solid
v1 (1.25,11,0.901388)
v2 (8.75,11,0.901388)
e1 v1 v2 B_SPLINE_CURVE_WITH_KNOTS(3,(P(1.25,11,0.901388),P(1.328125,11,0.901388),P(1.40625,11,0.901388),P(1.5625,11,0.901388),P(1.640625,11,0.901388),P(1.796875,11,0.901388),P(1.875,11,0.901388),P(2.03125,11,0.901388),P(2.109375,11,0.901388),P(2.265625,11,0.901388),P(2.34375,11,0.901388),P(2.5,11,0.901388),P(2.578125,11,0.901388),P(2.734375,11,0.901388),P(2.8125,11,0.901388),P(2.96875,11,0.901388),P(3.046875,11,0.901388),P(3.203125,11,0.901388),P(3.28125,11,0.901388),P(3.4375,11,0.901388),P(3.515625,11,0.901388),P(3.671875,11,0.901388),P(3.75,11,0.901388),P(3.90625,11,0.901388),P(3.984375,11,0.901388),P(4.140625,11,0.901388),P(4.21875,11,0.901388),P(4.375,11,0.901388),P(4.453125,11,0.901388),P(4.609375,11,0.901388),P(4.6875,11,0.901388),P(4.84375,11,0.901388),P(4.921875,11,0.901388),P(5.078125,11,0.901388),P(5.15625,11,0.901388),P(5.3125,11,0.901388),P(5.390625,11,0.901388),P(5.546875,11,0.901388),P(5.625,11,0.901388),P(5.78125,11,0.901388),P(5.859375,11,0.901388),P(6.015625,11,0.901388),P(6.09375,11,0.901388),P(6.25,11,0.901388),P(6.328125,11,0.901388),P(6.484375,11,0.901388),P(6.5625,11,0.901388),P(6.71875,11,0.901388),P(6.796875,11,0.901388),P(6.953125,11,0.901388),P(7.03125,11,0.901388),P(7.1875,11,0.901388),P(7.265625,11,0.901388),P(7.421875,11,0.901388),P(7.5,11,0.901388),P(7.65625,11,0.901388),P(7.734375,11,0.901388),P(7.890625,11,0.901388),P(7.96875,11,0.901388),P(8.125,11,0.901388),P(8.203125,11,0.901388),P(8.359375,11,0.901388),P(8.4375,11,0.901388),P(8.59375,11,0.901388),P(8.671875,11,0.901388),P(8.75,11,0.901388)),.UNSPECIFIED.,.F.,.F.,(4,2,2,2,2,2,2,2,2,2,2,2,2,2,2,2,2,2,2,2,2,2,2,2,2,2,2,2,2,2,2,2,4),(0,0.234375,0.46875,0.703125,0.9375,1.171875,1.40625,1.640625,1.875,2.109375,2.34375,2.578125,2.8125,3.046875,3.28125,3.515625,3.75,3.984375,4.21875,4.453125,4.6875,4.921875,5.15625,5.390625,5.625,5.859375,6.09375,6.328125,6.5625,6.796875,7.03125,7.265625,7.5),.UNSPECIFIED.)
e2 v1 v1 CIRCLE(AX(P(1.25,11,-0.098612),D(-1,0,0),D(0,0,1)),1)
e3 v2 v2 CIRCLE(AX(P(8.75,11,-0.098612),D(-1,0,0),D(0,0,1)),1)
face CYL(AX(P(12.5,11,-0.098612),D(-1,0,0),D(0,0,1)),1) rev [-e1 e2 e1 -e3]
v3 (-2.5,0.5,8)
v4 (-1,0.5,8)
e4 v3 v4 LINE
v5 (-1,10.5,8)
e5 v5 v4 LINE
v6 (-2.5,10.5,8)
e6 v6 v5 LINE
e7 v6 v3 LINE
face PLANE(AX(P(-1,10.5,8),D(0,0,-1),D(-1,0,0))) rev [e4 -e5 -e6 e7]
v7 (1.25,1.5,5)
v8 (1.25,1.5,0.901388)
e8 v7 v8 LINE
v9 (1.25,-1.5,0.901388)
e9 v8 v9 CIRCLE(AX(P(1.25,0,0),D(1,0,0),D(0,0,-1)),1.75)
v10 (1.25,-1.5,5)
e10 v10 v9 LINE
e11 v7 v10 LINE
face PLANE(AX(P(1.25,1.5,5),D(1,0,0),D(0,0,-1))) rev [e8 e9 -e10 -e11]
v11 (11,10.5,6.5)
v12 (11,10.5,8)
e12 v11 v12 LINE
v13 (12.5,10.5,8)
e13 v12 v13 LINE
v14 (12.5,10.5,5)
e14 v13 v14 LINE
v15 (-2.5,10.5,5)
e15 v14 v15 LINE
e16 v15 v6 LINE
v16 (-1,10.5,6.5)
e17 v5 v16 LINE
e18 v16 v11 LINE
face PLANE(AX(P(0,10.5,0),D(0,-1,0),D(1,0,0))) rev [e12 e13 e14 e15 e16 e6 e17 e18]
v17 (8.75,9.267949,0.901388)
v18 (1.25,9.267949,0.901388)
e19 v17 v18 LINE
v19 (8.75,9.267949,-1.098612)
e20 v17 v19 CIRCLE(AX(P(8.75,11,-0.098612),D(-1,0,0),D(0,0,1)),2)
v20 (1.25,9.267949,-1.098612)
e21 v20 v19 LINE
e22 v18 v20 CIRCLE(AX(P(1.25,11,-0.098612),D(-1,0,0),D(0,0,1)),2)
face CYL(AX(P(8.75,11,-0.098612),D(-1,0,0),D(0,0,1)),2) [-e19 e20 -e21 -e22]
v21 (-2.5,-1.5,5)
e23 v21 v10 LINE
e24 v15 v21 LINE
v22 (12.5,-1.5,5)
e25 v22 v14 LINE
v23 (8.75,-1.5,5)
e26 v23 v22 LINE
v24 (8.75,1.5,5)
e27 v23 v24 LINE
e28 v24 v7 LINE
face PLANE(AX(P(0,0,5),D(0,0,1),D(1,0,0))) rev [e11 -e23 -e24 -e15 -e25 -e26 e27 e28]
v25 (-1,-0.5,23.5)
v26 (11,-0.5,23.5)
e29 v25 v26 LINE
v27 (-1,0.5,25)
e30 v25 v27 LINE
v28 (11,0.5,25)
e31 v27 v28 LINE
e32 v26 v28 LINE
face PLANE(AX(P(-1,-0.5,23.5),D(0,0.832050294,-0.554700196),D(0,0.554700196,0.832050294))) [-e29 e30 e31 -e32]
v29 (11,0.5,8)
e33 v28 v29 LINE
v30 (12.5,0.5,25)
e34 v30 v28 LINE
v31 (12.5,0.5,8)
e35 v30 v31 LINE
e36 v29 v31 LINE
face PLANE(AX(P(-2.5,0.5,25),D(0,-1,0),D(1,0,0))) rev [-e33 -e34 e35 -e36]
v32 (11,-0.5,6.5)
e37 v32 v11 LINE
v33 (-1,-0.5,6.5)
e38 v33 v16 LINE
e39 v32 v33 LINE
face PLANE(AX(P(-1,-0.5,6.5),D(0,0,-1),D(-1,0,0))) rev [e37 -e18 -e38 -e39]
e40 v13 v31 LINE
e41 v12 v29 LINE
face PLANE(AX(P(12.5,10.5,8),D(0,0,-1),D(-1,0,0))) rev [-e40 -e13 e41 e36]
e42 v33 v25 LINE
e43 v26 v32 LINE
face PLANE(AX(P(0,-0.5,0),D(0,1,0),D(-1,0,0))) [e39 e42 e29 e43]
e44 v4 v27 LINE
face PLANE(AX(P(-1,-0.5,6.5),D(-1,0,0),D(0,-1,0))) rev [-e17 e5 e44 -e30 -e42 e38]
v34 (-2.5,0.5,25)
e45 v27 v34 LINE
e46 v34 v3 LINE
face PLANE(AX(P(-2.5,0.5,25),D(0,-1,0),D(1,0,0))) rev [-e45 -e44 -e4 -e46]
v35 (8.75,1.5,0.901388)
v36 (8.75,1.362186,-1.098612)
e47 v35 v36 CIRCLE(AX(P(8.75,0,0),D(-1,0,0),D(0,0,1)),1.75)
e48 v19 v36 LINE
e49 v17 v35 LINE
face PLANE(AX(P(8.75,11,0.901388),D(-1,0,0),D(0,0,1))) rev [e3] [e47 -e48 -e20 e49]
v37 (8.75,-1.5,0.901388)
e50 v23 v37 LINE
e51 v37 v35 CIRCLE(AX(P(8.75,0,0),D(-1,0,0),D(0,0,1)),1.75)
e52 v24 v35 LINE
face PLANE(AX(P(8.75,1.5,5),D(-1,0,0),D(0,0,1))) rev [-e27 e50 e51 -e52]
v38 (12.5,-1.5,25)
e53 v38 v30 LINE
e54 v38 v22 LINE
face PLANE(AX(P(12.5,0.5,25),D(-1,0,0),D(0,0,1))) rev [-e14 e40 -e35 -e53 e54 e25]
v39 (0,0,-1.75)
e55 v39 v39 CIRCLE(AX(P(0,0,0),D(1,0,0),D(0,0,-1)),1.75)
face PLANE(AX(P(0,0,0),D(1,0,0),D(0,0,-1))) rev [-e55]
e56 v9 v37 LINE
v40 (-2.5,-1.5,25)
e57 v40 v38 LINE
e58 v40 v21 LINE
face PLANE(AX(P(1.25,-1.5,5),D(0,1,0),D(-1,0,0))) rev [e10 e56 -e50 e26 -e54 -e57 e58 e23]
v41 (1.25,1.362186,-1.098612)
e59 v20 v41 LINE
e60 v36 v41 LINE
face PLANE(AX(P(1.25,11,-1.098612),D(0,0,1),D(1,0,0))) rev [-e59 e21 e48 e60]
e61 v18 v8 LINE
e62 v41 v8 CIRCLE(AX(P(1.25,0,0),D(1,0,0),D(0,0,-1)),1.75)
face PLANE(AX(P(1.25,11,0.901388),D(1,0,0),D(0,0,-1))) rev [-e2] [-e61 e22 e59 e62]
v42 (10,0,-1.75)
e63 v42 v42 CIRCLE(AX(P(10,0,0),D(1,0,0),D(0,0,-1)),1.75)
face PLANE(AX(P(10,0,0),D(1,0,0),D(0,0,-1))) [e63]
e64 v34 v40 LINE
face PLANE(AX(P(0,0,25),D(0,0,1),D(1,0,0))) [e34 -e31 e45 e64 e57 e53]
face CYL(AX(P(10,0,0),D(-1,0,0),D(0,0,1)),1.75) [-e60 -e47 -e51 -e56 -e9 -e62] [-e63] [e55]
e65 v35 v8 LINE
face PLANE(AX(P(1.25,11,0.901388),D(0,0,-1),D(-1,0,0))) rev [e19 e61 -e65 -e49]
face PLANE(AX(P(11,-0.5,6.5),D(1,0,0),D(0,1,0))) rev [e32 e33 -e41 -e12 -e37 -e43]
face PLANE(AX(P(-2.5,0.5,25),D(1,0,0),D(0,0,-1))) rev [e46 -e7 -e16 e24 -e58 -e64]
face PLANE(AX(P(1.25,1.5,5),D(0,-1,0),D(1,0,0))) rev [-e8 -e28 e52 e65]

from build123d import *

# Parameters (mm, degrees)
SKETCH2_R           = 1.75
BOSS_EXTRUDE1_DEPTH = 10
SKETCH3_W           = 7.5
SKETCH3_H           = 3
BOSS_EXTRUDE2_DEPTH = 5
SKETCH4_W           = 15
SKETCH4_H           = 2
BOSS_EXTRUDE3_DEPTH = 20
SKETCH5_W           = 12
SKETCH5_H           = 17
CUT_EXTRUDE1_DEPTH  = 1
CUT_EXTRUDE2_DEPTH  = 12
BOSS_EXTRUDE4_DEPTH = 10
SKETCH8_W           = 7.5
SKETCH8_H           = 2
BOSS_EXTRUDE5_DEPTH = 11
BOSS_EXTRUDE6_START = -7.5
SKETCH9_R           = 2
BOSS_EXTRUDE6_DEPTH = 7.5
SKETCH10_R          = 1
CUT_EXTRUDE3_DEPTH  = 31.340772897


with BuildPart() as part:
    # Sketch2 → Boss-Extrude1 (new body)
    with BuildSketch(Plane(origin=(0, 0, 0), x_dir=(0, 0, -1), z_dir=(1, 0, 0))):
        Circle(SKETCH2_R)
    extrude(amount=BOSS_EXTRUDE1_DEPTH)

    # Sketch3 → Boss-Extrude2 (add)
    with BuildSketch(Plane.XY):
        with Locations((5, 0)):
            Rectangle(SKETCH3_W, SKETCH3_H)
    extrude(amount=BOSS_EXTRUDE2_DEPTH)

    # Sketch4 → Boss-Extrude3 (add)
    with BuildSketch(Plane.XY.offset(5)):
        with Locations((5, -0.5)):
            Rectangle(SKETCH4_W, SKETCH4_H)
    extrude(amount=BOSS_EXTRUDE3_DEPTH)

    # Sketch5 → Cut-Extrude1 (cut)
    with BuildSketch(Plane(origin=(0, 0.5, 0), x_dir=(1, 0, 0), z_dir=(0, 1, 0))):
        with Locations((5, -15)):
            Rectangle(SKETCH5_W, SKETCH5_H)
    extrude(amount=-CUT_EXTRUDE1_DEPTH, mode=Mode.SUBTRACT)

    # Sketch6 → Cut-Extrude2 (cut)
    with BuildSketch(Plane.ZY.offset(-11)):
        Polygon((23.5, -0.5), (25, 0.5), (23.5, 0.5), align=None)
    extrude(amount=CUT_EXTRUDE2_DEPTH, mode=Mode.SUBTRACT)

    # Sketch7 → Boss-Extrude4 (add)
    with BuildSketch(Plane(origin=(0, 0.5, 0), x_dir=(1, 0, 0), z_dir=(0, 1, 0))):
        Polygon((-2.5, -5), (12.5, -5), (12.5, -8), (11, -8), (11, -6.5), (-1, -6.5), (-1, -8), (-2.5, -8), align=None)
    extrude(amount=BOSS_EXTRUDE4_DEPTH)

    # Sketch8 → Boss-Extrude5 (add)
    with BuildSketch(Plane(origin=(0, 0, 0), x_dir=(1, 0, 0), z_dir=(0, 1, 0))):
        with Locations((5, 0.098612181)):
            Rectangle(SKETCH8_W, SKETCH8_H)
    extrude(amount=BOSS_EXTRUDE5_DEPTH)

    # Sketch9 → Boss-Extrude6 (add)
    with BuildSketch(Plane.ZY.offset(-1.25).offset(BOSS_EXTRUDE6_START)):
        with Locations((-0.098612181, 11)):
            Circle(SKETCH9_R)
    extrude(amount=BOSS_EXTRUDE6_DEPTH)

    # Sketch10 → Cut-Extrude3 (cut, through all)
    with BuildSketch(Plane.ZY.offset(-1.25)):
        with Locations((-0.098612181, 11)):
            Circle(SKETCH10_R)
    extrude(amount=-CUT_EXTRUDE3_DEPTH, mode=Mode.SUBTRACT)


solid = part.part
